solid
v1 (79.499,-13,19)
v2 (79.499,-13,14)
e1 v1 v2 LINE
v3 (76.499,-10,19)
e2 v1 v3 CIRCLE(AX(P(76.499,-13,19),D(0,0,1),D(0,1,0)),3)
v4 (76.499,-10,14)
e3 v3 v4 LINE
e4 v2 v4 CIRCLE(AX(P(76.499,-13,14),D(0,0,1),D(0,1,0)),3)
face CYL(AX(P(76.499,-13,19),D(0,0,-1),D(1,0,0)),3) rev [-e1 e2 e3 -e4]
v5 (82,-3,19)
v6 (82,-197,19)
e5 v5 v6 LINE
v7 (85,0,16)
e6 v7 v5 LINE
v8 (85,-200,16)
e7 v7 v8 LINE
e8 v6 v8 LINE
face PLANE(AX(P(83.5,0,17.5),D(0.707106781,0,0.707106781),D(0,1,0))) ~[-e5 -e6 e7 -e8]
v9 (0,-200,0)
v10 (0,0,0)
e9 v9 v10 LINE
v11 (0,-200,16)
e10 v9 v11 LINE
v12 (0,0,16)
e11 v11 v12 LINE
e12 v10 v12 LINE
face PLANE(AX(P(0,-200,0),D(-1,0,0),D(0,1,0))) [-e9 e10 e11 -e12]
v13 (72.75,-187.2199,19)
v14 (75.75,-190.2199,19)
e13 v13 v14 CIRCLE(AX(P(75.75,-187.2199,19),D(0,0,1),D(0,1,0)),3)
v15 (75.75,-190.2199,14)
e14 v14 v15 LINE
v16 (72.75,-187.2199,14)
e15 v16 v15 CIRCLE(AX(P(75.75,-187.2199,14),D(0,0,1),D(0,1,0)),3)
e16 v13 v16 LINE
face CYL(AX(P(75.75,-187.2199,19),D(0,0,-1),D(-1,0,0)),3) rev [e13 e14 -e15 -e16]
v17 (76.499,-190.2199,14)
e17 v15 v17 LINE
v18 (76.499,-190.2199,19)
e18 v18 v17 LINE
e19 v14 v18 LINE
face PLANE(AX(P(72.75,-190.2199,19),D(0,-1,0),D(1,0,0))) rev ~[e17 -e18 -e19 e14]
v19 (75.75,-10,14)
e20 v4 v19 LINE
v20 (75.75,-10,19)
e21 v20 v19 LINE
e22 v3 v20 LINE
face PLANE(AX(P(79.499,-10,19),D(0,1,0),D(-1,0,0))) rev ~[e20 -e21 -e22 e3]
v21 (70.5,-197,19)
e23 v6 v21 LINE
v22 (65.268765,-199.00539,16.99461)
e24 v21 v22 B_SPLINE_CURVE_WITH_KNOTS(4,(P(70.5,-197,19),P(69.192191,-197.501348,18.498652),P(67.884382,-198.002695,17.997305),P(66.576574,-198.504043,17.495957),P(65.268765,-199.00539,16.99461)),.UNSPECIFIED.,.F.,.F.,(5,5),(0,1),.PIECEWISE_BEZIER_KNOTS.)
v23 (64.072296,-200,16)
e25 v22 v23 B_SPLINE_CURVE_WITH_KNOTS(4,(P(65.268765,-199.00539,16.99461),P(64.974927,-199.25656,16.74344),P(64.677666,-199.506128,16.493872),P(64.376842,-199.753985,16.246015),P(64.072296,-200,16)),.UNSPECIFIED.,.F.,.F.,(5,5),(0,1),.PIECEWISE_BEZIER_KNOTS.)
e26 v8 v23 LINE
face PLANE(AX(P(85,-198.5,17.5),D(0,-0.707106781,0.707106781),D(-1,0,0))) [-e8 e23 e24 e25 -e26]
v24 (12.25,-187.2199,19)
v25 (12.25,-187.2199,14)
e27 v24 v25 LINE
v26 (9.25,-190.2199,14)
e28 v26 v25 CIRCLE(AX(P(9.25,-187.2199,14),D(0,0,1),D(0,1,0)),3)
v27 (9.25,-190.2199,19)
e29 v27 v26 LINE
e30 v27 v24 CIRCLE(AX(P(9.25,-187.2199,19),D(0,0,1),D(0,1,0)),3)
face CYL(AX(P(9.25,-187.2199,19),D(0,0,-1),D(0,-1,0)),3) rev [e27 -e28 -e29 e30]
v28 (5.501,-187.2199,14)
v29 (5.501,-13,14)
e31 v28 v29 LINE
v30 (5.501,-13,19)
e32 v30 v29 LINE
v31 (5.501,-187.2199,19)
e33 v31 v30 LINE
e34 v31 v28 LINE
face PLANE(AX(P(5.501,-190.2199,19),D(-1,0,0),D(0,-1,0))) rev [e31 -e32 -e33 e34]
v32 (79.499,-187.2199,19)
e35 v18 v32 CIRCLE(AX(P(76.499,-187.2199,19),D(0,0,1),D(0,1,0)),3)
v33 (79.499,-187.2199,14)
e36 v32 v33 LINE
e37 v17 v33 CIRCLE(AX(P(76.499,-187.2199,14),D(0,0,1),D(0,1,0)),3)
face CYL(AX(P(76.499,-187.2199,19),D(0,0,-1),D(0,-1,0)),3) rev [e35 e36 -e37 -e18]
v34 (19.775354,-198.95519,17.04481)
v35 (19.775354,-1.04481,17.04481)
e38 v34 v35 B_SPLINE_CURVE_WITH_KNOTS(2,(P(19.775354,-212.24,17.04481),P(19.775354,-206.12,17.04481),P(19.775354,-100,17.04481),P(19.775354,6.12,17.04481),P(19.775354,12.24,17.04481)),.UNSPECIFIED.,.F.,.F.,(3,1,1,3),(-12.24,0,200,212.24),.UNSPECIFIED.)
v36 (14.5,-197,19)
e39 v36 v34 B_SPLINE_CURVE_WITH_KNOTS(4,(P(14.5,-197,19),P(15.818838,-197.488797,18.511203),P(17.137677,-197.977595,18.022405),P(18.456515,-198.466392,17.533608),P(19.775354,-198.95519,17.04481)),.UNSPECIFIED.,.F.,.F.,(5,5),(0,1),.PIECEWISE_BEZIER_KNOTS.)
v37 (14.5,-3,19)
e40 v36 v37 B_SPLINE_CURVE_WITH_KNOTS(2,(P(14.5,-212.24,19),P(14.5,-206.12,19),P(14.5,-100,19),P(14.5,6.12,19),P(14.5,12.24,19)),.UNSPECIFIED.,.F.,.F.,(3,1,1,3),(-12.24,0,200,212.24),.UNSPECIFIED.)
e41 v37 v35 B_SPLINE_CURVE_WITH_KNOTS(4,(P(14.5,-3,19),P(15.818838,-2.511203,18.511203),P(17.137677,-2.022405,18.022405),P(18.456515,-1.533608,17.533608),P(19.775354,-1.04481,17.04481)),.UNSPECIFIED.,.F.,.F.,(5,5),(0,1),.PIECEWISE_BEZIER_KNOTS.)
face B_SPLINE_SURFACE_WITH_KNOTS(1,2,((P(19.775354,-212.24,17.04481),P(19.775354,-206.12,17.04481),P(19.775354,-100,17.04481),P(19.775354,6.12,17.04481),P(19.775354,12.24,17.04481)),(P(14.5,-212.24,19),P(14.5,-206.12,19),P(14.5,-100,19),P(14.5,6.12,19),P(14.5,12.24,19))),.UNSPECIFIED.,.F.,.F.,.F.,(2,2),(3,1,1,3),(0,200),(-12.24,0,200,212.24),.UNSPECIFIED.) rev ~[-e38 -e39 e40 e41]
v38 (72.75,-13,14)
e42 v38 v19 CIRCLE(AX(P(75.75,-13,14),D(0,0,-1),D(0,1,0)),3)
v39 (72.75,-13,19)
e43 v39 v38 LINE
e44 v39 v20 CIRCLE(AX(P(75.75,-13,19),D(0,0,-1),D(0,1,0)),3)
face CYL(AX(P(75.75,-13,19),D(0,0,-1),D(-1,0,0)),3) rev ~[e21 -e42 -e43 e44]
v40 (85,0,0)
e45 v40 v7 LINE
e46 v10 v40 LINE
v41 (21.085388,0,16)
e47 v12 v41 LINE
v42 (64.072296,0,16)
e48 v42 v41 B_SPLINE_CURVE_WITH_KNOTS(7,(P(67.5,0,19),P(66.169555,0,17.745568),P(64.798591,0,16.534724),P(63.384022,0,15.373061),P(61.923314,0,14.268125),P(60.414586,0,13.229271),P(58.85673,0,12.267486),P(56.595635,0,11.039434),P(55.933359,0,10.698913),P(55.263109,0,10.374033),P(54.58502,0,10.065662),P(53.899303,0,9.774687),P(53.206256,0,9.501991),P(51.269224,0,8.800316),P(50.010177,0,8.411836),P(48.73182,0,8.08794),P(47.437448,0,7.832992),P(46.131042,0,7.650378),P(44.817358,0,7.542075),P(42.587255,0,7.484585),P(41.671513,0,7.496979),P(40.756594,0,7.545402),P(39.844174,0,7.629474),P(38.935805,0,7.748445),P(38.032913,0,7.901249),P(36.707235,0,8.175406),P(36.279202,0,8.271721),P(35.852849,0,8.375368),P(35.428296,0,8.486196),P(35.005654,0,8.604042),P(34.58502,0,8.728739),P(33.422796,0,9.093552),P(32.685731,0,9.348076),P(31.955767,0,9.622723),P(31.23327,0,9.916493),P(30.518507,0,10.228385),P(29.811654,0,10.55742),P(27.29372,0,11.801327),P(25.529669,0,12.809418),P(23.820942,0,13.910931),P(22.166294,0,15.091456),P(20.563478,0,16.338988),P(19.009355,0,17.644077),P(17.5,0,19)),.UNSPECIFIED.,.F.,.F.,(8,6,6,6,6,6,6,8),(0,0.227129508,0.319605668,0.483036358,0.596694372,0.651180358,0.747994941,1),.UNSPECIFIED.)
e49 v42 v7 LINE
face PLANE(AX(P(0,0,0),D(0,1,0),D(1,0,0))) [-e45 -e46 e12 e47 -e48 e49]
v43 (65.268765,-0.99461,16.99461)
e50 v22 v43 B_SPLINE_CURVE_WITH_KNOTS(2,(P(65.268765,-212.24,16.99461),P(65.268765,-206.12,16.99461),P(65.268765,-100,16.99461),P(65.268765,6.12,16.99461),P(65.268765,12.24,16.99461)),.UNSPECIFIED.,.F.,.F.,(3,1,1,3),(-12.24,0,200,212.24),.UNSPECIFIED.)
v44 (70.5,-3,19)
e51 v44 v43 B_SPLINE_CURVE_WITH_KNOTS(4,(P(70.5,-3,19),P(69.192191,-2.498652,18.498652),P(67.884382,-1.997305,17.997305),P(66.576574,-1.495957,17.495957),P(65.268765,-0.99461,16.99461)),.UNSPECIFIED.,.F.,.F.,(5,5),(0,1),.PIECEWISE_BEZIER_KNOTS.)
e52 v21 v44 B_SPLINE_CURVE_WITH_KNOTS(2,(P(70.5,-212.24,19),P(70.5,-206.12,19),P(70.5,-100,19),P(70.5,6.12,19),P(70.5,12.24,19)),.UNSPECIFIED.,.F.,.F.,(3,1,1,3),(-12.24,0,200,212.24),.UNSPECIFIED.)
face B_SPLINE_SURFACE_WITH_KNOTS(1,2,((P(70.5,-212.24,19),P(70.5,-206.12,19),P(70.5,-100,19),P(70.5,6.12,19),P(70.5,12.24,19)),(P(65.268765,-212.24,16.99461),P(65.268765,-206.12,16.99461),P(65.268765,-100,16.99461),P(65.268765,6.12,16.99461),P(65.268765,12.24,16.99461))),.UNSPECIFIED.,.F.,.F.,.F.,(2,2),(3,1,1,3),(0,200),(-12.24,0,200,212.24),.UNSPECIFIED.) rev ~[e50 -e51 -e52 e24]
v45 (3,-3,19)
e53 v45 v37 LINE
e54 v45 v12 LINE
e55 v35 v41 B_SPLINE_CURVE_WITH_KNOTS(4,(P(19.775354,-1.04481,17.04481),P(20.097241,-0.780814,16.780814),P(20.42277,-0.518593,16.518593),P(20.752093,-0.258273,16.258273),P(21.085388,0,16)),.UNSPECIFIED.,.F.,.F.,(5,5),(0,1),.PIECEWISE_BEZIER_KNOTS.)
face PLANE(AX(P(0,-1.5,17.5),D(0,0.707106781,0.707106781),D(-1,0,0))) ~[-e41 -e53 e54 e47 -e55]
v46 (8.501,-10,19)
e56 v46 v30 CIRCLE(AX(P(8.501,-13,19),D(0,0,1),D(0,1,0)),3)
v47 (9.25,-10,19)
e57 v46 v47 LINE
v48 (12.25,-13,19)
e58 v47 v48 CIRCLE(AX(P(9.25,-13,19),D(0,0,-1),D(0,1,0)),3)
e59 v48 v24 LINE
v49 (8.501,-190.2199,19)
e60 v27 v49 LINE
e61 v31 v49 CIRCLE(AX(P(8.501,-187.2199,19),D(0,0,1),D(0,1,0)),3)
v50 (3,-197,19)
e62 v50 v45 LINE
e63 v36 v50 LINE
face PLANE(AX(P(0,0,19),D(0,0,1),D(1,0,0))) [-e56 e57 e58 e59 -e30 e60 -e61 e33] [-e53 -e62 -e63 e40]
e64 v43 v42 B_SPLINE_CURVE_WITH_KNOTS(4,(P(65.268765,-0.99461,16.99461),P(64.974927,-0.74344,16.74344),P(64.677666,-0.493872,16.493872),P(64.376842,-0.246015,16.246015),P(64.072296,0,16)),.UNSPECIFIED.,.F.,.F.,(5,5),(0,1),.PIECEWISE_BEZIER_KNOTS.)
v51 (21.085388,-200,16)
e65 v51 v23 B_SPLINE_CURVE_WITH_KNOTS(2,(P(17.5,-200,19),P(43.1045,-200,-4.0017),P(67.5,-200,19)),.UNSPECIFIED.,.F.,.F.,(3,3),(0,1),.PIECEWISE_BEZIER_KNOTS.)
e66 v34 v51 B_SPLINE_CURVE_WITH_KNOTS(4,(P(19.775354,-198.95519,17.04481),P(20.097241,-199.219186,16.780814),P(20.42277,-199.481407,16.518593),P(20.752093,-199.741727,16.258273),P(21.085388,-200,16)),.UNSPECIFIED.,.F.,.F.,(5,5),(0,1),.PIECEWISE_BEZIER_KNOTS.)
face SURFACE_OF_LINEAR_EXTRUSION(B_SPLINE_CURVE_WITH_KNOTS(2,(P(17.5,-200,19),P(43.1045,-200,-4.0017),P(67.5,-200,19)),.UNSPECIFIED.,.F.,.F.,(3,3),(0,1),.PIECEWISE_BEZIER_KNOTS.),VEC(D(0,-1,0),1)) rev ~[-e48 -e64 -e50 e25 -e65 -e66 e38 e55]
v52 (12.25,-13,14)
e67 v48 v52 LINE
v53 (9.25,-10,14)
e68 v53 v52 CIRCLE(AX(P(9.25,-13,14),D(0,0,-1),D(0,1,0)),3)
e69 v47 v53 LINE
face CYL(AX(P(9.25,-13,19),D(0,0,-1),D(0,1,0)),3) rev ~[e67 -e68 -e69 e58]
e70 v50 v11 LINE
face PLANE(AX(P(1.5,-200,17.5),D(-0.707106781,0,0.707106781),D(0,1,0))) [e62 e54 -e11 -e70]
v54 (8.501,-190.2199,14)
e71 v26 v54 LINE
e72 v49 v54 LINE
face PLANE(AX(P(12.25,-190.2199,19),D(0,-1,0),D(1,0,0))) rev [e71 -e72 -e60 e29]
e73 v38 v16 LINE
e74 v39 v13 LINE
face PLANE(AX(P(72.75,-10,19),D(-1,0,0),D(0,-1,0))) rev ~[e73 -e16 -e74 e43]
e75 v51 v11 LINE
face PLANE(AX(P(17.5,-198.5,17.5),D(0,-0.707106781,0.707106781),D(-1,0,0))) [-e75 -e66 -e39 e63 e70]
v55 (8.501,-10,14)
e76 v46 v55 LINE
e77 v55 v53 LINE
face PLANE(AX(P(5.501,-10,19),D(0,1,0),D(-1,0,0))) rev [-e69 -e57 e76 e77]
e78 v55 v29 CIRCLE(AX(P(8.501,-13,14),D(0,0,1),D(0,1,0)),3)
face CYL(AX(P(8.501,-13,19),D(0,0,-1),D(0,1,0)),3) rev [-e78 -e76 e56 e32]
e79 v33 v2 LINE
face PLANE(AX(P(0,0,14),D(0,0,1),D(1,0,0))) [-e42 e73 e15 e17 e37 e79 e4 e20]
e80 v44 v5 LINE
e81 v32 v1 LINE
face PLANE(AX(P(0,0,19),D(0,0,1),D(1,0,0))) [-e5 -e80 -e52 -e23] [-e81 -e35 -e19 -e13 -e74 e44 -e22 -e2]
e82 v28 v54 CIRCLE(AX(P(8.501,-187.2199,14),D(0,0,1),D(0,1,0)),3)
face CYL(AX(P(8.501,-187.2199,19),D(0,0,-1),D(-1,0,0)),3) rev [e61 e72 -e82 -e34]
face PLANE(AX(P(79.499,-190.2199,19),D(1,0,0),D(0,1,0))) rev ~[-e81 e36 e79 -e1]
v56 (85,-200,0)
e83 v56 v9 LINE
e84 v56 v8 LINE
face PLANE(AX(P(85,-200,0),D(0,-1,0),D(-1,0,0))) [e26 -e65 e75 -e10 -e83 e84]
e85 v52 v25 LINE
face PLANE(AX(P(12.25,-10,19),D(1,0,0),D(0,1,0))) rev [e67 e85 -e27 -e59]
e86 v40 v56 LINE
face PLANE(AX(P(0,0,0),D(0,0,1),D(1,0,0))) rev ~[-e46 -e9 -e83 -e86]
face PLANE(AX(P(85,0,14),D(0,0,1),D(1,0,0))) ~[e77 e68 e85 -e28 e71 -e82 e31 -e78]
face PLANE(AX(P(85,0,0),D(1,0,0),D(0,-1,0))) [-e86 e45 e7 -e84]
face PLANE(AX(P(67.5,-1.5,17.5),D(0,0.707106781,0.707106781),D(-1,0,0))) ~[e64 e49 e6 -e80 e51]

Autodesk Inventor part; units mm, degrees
ref_plane "YZ Plane" through (0, 0, 0) normal (1, 0, 0) x (0, 1, 0)
ref_plane "XZ Plane" through (0, 0, 0) normal (0, 1, 0) x (-1, 0, 0)
ref_plane "XY Plane" through (0, 0, 0) normal (0, 0, 1) x (1, 0, 0)
sketch "Sketch2" plane through (0, 0, 0) normal (0, 0, 1) x (1, 0, 0)
  line L0 (0, 0) -> (85, 0)
  line L1 (85, 0) -> (85, -200)
  line L2 (85, -200) -> (0, -200)
  line L3 (0, -200) -> (0, 0)
  dimension "d0" = 85
  dimension "d1" = 200
extrude "Extrusion1" add sketch "Sketch2" along normal blind 19
sketch "Sketch3" plane through (10, -200, 0) normal (0, -1, 0) x (1, 0, 0)
  line L0 (75, 19) -> (-10, 19) projected
  line L1 (7.5, 19) -> (57.5, 19) construction
  spline S0 degree 1 poles (7.5, 19) (57.5, 19) knots 1 1 2 2
  spline S1 degree 2 poles (7.5, 19) (33.1045, -4.0017) (57.5, 19) knots 0 0 0 1 1 1
  line L2 (75, 0) -> (-10, 0) projected
  line L3 (0, 0) -> (0, 19) projected
  line L4 (65, 19) -> (65, 0) projected
  point P0 (33.0146, 7.5)
  dimension "d5" = 7.5
  dimension "d6" = 7.5
  dimension "d7" = 7.5
extrude "Extrusion2" cut sketch "Sketch3" against normal through all contours S1 L0
chamfer "Chamfer1" distance 3 angle 45 8 edges at (0, -100, 19) (76.25, -200, 19) (8.75, -200, 19) (67.5, -100, 19) (17.5, -100, 19) (76.25, 0, 19) (8.75, 0, 19) (85, -100, 19)
sketch "Sketch11" plane through (0, 0, 19) normal (0, 0, 1) x (1, 0, 0)
  line L0 (28.5921, -198.4024) -> (28.5921, -3.1228) construction
  line L1 (28.5921, -3.1228) -> (55.2331, -3.1228) construction
  line L2 (55.2331, -3.1228) -> (55.2331, -198.4024) construction
  line L3 (55.2331, -198.4024) -> (28.5921, -198.4024) construction
  line L4 (72.75, -190.2199) -> (79.499, -190.2199)
  line L5 (79.499, -190.2199) -> (79.499, -10)
  line L6 (79.499, -10) -> (72.75, -10)
  line L7 (72.75, -10) -> (72.75, -190.2199)
  point P0 (0, 0)
  dimension "d30" = 6.749
extrude "Extrusion5" cut sketch "Sketch11" against normal blind 5
ref_plane "Work Plane1" through (42.5, -190, 0) normal (1, 0, 0) x (0, 0, -1)
mirror "Mirror1" about plane through (42.5, -190, 0) normal (1, 0, 0) of "Extrusion5"
fillet "Fillet3" radius 3 8 edges at (5.501, -10, 16.5) (72.75, -10, 16.5) (79.499, -10, 16.5) (12.25, -10, 16.5) (72.75, -190.2199, 16.5) (5.501, -190.2199, 16.5) (79.499, -190.2199, 16.5) (12.25, -190.2199, 16.5)
properties part number "Nameplate Prototype" material "Wood (Oak)"
